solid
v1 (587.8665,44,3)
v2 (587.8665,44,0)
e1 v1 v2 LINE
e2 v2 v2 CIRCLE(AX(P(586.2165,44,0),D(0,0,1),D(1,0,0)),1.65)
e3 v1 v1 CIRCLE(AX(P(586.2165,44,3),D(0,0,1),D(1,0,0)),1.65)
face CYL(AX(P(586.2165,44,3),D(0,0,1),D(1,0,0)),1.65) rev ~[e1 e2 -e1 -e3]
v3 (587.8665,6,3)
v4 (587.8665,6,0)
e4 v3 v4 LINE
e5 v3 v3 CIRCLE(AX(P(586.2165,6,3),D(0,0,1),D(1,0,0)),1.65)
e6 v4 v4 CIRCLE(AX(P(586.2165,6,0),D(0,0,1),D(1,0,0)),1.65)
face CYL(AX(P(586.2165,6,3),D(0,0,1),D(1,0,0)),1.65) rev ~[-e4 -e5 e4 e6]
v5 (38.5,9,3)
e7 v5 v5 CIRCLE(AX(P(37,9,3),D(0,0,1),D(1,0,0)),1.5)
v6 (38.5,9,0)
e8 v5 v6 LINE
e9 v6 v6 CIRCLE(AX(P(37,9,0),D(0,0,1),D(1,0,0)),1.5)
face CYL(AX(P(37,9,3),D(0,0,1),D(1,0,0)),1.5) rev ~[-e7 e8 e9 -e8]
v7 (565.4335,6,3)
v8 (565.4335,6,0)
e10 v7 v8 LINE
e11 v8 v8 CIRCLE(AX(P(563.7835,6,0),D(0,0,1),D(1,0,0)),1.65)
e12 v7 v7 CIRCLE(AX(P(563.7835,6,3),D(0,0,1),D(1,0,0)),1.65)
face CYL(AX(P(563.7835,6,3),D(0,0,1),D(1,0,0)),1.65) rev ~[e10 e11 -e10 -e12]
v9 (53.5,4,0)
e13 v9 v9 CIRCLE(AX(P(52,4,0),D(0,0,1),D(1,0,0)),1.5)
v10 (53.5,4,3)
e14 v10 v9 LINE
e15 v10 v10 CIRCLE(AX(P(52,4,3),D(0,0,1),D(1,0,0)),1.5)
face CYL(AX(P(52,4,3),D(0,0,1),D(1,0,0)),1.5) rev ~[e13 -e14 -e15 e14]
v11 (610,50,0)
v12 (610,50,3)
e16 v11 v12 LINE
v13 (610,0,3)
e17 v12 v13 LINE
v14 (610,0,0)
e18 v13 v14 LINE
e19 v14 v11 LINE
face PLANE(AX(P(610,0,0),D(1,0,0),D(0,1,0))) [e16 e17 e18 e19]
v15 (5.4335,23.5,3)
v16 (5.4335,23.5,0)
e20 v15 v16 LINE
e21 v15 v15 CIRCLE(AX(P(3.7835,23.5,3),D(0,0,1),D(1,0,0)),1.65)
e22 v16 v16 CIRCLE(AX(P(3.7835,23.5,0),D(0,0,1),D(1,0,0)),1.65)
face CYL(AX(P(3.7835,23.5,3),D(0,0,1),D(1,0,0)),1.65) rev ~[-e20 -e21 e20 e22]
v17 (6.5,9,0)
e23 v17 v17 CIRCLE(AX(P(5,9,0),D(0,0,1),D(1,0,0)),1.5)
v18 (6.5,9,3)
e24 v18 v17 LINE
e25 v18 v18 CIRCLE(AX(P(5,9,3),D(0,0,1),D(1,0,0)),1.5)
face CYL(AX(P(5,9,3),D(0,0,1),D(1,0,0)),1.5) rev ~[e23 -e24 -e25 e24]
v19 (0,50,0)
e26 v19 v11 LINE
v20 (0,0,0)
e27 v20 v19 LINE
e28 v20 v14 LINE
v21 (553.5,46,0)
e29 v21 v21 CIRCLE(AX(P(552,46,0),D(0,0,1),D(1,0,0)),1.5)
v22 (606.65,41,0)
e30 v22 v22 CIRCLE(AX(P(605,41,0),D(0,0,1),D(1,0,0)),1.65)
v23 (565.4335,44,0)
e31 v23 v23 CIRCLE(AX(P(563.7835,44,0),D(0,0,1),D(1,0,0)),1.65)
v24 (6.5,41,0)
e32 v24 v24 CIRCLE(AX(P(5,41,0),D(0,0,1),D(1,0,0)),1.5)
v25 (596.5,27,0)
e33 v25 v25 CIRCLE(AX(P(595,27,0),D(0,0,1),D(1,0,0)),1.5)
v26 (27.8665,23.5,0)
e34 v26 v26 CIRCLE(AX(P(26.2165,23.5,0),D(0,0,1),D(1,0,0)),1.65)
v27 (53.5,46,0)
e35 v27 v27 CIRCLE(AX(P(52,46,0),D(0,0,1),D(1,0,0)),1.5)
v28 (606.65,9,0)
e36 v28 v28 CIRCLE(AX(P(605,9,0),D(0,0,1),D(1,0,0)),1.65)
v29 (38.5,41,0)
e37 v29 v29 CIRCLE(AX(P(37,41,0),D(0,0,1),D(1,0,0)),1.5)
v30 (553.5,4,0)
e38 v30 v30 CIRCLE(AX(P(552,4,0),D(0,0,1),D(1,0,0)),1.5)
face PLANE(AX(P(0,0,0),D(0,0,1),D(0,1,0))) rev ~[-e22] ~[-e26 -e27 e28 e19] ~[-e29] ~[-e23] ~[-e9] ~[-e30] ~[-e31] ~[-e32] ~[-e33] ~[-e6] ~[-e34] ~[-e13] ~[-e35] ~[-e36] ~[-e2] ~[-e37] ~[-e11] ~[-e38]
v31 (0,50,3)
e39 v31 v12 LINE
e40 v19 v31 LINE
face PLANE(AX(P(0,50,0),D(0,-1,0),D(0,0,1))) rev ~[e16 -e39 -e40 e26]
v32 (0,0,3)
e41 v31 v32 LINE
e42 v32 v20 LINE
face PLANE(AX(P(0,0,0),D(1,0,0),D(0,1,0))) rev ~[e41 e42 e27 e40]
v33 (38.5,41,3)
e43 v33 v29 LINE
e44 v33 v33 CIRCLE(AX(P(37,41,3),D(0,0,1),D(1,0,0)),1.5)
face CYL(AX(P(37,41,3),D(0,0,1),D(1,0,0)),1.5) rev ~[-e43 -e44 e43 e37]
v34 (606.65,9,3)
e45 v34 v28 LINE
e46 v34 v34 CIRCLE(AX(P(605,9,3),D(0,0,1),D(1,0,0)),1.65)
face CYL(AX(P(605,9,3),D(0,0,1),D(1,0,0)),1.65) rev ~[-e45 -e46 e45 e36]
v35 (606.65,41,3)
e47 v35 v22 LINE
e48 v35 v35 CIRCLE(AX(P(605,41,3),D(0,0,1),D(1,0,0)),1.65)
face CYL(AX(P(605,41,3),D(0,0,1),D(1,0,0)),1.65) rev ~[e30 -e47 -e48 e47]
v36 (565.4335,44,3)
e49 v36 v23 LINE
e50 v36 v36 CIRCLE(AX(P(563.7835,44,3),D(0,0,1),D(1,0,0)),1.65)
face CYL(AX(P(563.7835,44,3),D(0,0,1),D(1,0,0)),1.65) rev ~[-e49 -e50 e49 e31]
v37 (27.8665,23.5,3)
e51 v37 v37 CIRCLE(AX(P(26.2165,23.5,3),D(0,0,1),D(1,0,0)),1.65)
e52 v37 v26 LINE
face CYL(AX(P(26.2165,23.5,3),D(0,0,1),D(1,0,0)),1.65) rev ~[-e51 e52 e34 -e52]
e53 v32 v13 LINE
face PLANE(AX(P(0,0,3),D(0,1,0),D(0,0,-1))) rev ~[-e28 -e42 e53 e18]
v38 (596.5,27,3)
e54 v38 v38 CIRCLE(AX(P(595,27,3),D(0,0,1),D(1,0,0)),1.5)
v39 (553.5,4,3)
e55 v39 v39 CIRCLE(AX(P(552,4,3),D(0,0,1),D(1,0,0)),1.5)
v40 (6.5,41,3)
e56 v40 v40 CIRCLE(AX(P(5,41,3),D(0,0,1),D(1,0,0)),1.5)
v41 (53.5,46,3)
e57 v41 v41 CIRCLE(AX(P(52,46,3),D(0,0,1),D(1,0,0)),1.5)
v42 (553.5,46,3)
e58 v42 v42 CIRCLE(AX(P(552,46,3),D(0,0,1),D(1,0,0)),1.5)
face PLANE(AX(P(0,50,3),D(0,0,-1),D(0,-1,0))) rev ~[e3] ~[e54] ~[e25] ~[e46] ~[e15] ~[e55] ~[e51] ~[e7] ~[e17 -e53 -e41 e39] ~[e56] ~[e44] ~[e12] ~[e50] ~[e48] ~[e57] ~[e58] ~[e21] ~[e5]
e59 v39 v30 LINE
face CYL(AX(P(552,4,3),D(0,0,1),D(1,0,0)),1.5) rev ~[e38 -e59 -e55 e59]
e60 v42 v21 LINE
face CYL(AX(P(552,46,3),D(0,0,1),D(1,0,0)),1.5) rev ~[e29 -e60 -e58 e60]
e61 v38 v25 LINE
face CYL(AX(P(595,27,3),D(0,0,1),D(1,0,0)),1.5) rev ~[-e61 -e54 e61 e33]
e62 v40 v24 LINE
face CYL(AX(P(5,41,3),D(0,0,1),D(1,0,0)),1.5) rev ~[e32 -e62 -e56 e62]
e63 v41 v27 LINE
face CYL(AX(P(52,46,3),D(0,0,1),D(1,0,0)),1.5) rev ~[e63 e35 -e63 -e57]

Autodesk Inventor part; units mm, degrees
ref_plane "YZ Plane" through (0, 0, 0) normal (1, 0, 0) x (0, 1, 0)
ref_plane "XZ Plane" through (0, 0, 0) normal (0, 1, 0) x (-1, 0, 0)
ref_plane "XY Plane" through (0, 0, 0) normal (0, 0, 1) x (1, 0, 0)
sketch "Sketch1" plane through (0, 0, 0) normal (1, 0, 0) x (0, 1, 0)
  line L0 (0, 0) -> (50, 0)
  line L1 (50, 0) -> (50, 3)
  line L2 (50, 3) -> (0, 3)
  line L3 (0, 3) -> (0, 0)
  dimension "d0" = 50
  dimension "d1" = 3
extrude "Extrusion1" add sketch "Sketch1" along normal blind 610
sketch "Sketch2" plane through (0, 0, 3) normal (0, 0, 1) x (1, 0, 0)
  line L0 (0, 0) -> (610, 0) projected
  line L1 (0, 50) -> (610, 50) projected
  line L2 (0, 50) -> (0, 0) projected
  line L3 (610, 50) -> (610, 0) projected
  line L4 (5, 9) -> (37, 9) construction
  line L5 (37, 9) -> (37, 41) construction
  line L6 (37, 41) -> (5, 41) construction
  line L7 (5, 41) -> (5, 9) construction
  circle A0 centre (5, 41) radius 1.5
  circle A1 centre (37, 41) radius 1.5
  circle A2 centre (37, 9) radius 1.5
  circle A3 centre (5, 9) radius 1.5
  circle A4 centre (595, 27) radius 1.5
  circle A5 centre (563.7835, 44) radius 1.65 projected
  circle A6 centre (586.2165, 44) radius 1.65 projected
  circle A7 centre (586.2165, 6) radius 1.65 projected
  circle A8 centre (563.7835, 6) radius 1.65 projected
  circle A9 centre (552, 4) radius 1.5 projected
  circle A10 centre (552, 46) radius 1.5 projected
  circle A11 centre (605, 41) radius 1.65 projected
  circle A12 centre (605, 9) radius 1.65 projected
  circle A13 centre (52, 46) radius 1.5 projected
  circle A14 centre (52, 4) radius 1.5 projected
  circle A15 centre (26.2165, 23.5) radius 1.65 projected
  circle A16 centre (3.7835, 23.5) radius 1.65 projected
  point P0 (608, 14)
  point P1 (5, 25)
  point P2 (0, 25)
  point P3 (610, 25)
  dimension "d12" = 32
  dimension "d13" = 32
  dimension "d14" = 5
  dimension "d15" = 3
  dimension "d16" = 3
  dimension "d17" = 3
  dimension "d18" = 3
  dimension "d26" = 3
  dimension "d27" = 15
  dimension "d35" = 27
extrude "Extrusion2" cut sketch "Sketch2" against normal blind 10 contours A0 | A1 | A2 | A3 | A4 | A5 | A6 | A7 | A8 | A9 | A10 | A11 | A12 | A13 | A14 | A15 | A16
properties part number "X Rail"
